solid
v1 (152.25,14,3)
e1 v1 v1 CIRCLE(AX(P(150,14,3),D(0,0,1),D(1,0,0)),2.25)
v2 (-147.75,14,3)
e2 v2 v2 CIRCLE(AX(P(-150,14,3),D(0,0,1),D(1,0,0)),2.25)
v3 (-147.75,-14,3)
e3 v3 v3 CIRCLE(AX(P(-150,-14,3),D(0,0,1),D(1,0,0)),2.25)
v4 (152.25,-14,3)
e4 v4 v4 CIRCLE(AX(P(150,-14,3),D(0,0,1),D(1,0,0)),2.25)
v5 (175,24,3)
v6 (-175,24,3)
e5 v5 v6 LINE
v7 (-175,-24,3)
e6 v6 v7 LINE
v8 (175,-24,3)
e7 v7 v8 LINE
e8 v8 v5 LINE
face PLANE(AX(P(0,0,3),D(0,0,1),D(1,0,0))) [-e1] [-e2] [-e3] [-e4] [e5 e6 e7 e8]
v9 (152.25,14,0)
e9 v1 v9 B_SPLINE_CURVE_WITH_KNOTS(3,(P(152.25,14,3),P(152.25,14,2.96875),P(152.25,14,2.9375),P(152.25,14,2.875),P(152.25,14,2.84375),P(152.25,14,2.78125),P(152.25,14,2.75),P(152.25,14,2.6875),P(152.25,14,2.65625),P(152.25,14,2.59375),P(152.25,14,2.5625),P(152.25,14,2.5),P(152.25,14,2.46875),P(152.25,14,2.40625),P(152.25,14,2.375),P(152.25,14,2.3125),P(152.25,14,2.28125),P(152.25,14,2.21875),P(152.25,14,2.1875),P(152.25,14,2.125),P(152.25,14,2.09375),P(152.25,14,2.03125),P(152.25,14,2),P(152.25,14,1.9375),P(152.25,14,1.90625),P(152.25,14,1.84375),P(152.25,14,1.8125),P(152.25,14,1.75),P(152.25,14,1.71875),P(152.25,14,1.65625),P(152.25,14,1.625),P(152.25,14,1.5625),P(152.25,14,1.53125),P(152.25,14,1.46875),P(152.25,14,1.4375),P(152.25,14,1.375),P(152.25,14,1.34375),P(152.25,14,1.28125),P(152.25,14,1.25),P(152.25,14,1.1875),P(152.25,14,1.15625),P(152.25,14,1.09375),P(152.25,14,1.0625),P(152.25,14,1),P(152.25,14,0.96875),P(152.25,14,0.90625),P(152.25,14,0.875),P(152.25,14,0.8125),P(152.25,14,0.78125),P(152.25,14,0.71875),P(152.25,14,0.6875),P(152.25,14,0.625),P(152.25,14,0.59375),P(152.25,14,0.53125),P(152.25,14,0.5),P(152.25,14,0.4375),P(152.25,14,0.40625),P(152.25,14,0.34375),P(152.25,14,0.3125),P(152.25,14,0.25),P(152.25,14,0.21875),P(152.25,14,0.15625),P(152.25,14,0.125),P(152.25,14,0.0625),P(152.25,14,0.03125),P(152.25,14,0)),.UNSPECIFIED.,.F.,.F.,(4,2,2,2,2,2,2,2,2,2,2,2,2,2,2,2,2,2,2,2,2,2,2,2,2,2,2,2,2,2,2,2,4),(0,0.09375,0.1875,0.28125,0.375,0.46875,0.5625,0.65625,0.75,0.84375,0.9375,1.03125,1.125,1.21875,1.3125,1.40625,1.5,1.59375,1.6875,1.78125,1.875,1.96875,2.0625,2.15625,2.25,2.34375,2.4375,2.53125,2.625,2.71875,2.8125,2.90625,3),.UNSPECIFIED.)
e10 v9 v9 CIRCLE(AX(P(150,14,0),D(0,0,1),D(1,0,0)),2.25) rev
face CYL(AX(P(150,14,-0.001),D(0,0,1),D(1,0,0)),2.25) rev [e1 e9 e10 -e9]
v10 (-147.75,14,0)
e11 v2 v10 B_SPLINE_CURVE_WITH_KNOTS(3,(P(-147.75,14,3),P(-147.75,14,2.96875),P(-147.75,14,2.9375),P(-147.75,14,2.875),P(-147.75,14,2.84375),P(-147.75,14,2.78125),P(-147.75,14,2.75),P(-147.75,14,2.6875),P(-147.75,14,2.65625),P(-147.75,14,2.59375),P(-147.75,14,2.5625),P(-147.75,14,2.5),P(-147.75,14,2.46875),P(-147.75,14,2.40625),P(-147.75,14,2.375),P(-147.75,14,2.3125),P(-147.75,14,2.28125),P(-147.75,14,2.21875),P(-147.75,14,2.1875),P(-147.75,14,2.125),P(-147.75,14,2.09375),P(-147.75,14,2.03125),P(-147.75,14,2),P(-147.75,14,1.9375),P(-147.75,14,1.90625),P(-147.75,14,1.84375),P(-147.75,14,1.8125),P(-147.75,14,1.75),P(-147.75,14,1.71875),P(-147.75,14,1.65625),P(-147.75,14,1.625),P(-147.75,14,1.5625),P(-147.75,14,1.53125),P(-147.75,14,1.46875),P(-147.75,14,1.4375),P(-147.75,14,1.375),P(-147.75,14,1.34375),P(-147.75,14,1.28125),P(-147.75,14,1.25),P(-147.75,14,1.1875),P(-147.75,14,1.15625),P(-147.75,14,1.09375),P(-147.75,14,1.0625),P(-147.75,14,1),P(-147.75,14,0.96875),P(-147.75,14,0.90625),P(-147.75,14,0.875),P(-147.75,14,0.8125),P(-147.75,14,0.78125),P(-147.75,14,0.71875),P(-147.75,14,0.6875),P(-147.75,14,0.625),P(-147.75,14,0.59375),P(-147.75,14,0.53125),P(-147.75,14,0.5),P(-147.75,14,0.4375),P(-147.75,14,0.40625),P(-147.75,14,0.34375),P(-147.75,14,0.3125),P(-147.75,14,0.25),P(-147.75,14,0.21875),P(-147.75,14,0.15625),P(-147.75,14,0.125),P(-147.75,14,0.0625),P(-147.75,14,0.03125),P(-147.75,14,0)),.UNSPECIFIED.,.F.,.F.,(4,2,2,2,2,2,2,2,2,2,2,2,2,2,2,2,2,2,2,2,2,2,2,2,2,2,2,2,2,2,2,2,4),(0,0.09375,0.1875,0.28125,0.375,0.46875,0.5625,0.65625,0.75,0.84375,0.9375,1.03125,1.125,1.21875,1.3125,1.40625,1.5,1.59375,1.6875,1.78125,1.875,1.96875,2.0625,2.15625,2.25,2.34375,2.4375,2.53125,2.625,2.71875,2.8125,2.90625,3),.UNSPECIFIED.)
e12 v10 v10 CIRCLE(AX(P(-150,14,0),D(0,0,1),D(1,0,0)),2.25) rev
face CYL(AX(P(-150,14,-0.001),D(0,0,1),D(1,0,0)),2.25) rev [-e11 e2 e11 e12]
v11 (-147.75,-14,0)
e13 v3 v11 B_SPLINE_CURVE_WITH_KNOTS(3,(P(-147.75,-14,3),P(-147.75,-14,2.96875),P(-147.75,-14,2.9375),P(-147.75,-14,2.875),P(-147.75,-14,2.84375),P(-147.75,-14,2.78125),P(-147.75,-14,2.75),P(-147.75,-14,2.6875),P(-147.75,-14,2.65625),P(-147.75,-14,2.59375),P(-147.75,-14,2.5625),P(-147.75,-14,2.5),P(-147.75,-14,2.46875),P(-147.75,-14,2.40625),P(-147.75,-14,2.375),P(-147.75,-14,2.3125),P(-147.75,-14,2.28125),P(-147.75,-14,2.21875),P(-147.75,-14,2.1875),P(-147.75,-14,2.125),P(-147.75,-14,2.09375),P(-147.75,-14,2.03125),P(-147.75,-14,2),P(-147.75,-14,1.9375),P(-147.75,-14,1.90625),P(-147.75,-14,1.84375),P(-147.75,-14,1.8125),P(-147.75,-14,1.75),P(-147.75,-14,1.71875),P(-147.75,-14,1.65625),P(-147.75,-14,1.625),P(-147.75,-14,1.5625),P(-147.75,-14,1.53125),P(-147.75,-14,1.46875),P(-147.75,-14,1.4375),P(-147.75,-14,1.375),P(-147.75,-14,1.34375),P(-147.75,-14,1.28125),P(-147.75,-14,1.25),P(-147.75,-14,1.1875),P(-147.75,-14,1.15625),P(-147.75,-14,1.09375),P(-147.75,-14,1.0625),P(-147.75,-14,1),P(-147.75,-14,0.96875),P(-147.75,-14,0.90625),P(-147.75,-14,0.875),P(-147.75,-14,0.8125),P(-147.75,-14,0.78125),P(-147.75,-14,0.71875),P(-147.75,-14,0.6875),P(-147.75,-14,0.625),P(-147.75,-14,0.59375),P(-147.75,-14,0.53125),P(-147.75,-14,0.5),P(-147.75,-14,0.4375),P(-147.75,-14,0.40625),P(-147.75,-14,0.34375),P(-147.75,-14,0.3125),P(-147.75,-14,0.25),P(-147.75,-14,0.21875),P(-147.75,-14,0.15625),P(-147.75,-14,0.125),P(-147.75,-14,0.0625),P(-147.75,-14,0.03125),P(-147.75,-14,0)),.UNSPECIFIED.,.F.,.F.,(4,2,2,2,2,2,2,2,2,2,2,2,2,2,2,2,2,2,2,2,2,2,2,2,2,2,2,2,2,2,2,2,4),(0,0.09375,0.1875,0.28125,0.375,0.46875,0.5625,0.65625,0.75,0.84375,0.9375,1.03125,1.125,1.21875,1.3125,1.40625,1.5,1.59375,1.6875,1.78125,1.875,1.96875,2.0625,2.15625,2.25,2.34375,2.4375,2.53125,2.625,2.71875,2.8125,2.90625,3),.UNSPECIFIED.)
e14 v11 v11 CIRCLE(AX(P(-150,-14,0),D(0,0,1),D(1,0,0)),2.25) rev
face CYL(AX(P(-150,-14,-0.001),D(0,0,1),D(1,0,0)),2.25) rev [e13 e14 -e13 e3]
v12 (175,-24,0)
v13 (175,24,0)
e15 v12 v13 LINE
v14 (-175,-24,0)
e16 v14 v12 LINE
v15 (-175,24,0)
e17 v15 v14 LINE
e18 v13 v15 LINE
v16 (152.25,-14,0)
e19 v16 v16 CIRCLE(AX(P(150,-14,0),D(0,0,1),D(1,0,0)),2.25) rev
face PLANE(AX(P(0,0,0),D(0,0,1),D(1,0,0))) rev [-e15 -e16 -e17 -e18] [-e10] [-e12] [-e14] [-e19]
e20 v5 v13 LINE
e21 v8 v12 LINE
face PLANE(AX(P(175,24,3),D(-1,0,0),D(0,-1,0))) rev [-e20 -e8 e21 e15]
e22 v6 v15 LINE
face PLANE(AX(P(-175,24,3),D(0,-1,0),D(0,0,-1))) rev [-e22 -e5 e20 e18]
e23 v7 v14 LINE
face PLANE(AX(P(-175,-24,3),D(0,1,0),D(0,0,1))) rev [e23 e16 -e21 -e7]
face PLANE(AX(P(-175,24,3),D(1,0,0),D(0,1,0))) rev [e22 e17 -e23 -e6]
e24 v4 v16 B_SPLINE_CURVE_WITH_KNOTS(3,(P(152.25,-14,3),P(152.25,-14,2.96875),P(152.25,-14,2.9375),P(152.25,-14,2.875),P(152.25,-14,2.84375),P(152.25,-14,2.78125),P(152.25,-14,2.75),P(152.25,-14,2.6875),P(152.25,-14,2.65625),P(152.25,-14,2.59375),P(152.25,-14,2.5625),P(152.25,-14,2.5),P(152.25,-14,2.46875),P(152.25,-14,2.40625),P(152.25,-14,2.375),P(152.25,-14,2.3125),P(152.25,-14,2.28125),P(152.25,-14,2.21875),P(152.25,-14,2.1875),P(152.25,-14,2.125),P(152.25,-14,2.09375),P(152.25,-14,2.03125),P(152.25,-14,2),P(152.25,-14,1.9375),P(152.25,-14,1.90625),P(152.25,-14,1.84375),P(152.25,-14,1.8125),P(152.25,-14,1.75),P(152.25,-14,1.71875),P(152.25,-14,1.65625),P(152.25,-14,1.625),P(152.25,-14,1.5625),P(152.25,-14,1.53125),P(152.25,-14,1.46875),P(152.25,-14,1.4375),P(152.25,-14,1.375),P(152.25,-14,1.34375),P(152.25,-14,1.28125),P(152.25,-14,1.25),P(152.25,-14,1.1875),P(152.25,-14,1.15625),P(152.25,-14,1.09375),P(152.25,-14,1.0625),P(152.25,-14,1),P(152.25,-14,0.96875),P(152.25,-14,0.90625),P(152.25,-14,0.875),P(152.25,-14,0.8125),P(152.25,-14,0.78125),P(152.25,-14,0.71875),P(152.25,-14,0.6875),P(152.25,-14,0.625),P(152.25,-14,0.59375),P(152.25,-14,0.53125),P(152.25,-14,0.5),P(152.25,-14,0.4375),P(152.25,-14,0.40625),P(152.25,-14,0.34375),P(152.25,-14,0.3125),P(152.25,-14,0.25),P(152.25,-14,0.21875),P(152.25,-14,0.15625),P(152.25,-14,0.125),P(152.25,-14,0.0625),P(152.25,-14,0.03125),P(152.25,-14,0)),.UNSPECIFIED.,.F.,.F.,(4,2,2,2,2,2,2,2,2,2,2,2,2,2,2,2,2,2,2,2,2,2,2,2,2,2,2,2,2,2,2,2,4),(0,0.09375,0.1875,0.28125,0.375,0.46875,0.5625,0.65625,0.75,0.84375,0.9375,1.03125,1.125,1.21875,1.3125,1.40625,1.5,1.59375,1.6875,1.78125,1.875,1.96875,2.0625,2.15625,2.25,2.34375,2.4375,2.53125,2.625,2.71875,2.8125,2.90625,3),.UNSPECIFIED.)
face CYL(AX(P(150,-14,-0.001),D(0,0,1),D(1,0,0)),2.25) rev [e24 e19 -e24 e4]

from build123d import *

# Parameters (mm, degrees)
ESQUISSE1_W             = 350
ESQUISSE1_H             = 48
BOSS_EXTRU_1_DEPTH      = 3
ENL_V_MAT_EXTRU_1_REACH = 178.664
ESQUISSE2_R             = 2.25


with BuildPart() as part:
    # Esquisse1 → Boss.-Extru.1 (new body)
    with BuildSketch(Plane.XY):
        Rectangle(ESQUISSE1_W, ESQUISSE1_H)
    extrude(amount=BOSS_EXTRU_1_DEPTH)

    # Esquisse2 → Enlèv. mat.-Extru.1 (cut, up to next)
    with BuildSketch(Plane.XY.offset(3), mode=Mode.PRIVATE) as enl_v_mat_extru_1_sk1:
        with Locations((-150, 14)):
            Circle(ESQUISSE2_R)
    enl_v_mat_extru_1_tool1 = extrude(enl_v_mat_extru_1_sk1.sketch, amount=-ENL_V_MAT_EXTRU_1_REACH, mode=Mode.PRIVATE) & part.part
    # Esquisse2 → Enlèv. mat.-Extru.1 (cut, up to next)
    with BuildSketch(Plane.XY.offset(3), mode=Mode.PRIVATE) as enl_v_mat_extru_1_sk2:
        with Locations((-150, -14)):
            Circle(ESQUISSE2_R)
    enl_v_mat_extru_1_tool2 = extrude(enl_v_mat_extru_1_sk2.sketch, amount=-ENL_V_MAT_EXTRU_1_REACH, mode=Mode.PRIVATE) & part.part
    # Esquisse2 → Enlèv. mat.-Extru.1 (cut, up to next)
    with BuildSketch(Plane.XY.offset(3), mode=Mode.PRIVATE) as enl_v_mat_extru_1_sk3:
        with Locations((150, 14)):
            Circle(ESQUISSE2_R)
    enl_v_mat_extru_1_tool3 = extrude(enl_v_mat_extru_1_sk3.sketch, amount=-ENL_V_MAT_EXTRU_1_REACH, mode=Mode.PRIVATE) & part.part
    # Esquisse2 → Enlèv. mat.-Extru.1 (cut, up to next)
    with BuildSketch(Plane.XY.offset(3), mode=Mode.PRIVATE) as enl_v_mat_extru_1_sk4:
        with Locations((150, -14)):
            Circle(ESQUISSE2_R)
    enl_v_mat_extru_1_tool4 = extrude(enl_v_mat_extru_1_sk4.sketch, amount=-ENL_V_MAT_EXTRU_1_REACH, mode=Mode.PRIVATE) & part.part
    add(enl_v_mat_extru_1_tool1.solids().sort_by_distance((-150, 14, 3))[0], mode=Mode.SUBTRACT)
    add(enl_v_mat_extru_1_tool2.solids().sort_by_distance((-150, -14, 3))[0], mode=Mode.SUBTRACT)
    add(enl_v_mat_extru_1_tool3.solids().sort_by_distance((150, 14, 3))[0], mode=Mode.SUBTRACT)
    add(enl_v_mat_extru_1_tool4.solids().sort_by_distance((150, -14, 3))[0], mode=Mode.SUBTRACT)


solid = part.part
